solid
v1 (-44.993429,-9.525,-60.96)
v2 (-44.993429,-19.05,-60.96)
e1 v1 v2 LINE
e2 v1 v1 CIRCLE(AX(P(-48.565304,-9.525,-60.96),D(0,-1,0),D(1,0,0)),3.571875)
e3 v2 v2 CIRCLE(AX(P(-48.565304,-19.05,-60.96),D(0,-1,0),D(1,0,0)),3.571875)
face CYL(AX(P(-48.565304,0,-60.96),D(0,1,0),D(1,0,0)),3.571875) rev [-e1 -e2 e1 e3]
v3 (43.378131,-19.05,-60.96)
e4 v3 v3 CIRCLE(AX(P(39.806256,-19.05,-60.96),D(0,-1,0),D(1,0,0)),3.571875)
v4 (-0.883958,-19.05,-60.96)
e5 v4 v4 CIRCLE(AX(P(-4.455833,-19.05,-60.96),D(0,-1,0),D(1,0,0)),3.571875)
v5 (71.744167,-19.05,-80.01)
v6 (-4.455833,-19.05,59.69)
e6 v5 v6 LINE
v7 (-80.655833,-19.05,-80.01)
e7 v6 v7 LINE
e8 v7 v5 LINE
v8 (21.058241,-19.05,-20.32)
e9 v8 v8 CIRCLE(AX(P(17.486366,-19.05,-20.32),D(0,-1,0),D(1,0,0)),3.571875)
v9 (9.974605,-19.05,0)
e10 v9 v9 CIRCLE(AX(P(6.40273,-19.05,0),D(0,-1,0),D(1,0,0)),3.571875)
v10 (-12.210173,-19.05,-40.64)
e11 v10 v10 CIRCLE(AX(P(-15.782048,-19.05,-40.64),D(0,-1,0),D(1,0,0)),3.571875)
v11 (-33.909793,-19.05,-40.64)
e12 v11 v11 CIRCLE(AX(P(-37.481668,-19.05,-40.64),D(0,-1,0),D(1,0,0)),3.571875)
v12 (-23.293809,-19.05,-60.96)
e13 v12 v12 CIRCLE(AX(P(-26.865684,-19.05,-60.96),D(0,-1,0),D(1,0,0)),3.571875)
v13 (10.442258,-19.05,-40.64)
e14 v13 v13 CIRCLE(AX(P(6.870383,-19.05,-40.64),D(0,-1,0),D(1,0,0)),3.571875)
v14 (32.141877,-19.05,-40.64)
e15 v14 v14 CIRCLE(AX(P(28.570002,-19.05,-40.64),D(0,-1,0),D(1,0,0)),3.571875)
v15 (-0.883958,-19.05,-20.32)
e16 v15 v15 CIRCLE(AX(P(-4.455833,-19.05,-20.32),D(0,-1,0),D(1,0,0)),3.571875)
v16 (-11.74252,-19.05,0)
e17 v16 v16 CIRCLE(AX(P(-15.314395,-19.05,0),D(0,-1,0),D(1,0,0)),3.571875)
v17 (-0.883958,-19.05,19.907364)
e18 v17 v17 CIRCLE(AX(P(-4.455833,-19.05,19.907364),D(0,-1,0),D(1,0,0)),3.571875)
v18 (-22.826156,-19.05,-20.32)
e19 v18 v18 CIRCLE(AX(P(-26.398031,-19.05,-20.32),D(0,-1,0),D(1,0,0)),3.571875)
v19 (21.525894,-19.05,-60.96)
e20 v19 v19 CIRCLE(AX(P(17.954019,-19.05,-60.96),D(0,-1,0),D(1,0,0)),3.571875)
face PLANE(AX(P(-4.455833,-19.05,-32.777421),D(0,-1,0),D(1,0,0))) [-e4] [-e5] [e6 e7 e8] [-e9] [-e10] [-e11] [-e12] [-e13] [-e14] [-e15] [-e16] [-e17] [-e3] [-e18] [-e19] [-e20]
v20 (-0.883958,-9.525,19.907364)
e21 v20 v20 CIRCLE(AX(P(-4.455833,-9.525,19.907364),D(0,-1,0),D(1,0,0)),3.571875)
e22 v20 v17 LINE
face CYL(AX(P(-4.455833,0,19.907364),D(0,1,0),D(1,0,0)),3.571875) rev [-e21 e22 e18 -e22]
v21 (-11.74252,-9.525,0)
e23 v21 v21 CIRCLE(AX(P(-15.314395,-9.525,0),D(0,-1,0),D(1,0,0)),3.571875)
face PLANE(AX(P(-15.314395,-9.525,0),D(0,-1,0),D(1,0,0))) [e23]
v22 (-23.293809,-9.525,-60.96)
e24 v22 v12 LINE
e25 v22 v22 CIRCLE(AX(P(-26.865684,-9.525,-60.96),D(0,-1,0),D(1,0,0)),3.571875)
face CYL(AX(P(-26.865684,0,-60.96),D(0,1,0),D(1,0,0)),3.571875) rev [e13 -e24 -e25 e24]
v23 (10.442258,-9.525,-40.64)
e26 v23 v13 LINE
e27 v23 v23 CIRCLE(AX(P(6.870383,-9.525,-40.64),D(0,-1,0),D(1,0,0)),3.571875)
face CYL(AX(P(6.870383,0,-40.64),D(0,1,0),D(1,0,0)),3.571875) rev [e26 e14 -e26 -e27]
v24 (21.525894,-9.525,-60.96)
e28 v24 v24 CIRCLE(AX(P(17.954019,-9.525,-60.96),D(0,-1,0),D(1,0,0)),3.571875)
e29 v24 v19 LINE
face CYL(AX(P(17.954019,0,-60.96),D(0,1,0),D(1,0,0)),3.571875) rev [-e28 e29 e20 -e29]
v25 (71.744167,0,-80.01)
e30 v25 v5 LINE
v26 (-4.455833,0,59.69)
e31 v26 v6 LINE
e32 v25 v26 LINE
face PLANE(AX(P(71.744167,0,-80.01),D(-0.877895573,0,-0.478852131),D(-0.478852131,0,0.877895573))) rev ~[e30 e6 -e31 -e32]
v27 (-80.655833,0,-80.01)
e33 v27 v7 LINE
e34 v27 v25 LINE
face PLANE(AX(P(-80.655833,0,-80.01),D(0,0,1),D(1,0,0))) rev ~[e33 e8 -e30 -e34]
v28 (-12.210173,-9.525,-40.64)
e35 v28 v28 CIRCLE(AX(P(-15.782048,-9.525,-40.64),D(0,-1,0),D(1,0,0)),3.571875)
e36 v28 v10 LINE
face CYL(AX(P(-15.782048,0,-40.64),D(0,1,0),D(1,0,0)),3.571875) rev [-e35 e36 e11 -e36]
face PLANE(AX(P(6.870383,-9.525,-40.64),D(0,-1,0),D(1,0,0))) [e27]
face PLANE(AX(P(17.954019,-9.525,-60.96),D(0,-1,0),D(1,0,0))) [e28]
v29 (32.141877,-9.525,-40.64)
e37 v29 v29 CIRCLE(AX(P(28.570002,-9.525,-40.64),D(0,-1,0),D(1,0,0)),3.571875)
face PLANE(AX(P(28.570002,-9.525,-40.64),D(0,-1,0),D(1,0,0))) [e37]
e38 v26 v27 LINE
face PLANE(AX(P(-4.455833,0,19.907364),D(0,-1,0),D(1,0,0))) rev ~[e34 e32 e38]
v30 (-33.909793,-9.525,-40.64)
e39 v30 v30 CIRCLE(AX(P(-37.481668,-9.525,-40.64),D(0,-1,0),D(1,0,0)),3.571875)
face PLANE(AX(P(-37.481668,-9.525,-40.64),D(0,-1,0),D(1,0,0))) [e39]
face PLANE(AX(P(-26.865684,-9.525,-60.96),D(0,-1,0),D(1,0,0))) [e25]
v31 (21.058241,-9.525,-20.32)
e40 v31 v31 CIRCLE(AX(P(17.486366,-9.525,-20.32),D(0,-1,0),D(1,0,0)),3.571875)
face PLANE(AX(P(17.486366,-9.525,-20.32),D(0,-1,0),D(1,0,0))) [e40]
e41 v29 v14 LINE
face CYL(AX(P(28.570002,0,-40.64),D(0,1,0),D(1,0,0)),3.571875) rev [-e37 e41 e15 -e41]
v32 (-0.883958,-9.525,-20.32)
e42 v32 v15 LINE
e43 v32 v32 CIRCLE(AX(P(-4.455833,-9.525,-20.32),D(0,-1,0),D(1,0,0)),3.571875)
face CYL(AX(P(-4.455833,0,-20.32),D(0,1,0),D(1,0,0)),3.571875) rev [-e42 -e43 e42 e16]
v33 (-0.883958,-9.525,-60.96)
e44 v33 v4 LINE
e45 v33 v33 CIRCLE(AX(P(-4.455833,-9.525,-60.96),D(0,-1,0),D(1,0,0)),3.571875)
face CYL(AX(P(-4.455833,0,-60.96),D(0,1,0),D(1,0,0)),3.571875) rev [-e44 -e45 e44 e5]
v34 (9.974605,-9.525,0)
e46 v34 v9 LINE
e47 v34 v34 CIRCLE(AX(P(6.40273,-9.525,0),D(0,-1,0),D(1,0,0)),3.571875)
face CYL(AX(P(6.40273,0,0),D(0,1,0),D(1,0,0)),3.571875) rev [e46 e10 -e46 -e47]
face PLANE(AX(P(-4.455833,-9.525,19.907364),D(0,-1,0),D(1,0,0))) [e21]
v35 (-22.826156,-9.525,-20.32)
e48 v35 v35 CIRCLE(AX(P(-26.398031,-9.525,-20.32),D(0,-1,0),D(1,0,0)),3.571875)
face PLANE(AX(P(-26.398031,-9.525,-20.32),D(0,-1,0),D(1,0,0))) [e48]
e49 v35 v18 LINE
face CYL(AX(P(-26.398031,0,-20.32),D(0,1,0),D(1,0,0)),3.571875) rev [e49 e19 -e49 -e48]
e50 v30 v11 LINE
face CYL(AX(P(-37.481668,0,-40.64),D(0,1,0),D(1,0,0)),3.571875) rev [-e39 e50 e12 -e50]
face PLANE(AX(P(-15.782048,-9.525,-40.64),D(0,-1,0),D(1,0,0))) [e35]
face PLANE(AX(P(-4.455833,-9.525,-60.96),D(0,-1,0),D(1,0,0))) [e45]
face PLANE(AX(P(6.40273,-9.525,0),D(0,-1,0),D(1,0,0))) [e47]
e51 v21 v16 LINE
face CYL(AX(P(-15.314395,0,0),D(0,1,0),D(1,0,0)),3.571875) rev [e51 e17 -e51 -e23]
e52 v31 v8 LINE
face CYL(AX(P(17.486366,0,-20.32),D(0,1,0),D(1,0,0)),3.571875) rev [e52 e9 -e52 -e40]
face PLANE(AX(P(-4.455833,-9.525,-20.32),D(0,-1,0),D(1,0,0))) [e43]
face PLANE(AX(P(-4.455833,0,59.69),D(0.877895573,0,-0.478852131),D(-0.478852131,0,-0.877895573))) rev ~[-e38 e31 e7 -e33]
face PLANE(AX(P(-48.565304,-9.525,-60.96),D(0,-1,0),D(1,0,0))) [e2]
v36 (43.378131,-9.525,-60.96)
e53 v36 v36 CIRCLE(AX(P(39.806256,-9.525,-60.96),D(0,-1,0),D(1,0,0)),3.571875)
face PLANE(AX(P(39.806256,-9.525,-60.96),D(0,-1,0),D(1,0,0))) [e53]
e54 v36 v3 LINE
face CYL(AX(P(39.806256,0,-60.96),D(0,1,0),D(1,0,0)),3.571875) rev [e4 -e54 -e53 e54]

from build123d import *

# Parameters (mm, degrees)
F0_R     = 3.571875
F1_DEPTH = 19.05
F2_DEPTH = 9.525


with BuildPart() as f1:
    # F0 (on Front) → F1 (new body)
    with BuildSketch(Plane.XZ):
        Polygon((71.744167, -80.01), (-4.455833, 59.69), (-80.655833, -80.01), align=None)
        with Locations((-48.565304, -60.96)):
            Circle(F0_R, mode=Mode.SUBTRACT)
        with Locations((-26.865684, -60.96)):
            Circle(F0_R, mode=Mode.SUBTRACT)
        with Locations((-37.481668, -40.64)):
            Circle(F0_R, mode=Mode.SUBTRACT)
        with Locations((-15.782048, -40.64)):
            Circle(F0_R, mode=Mode.SUBTRACT)
        with Locations((-26.398031, -20.32)):
            Circle(F0_R, mode=Mode.SUBTRACT)
        with Locations((-4.455833, -20.32)):
            Circle(F0_R, mode=Mode.SUBTRACT)
        with Locations((-4.455833, -60.96)):
            Circle(F0_R, mode=Mode.SUBTRACT)
        with Locations((17.954019, -60.96)):
            Circle(F0_R, mode=Mode.SUBTRACT)
        with Locations((39.806256, -60.96)):
            Circle(F0_R, mode=Mode.SUBTRACT)
        with Locations((6.870383, -40.64)):
            Circle(F0_R, mode=Mode.SUBTRACT)
        with Locations((28.570002, -40.64)):
            Circle(F0_R, mode=Mode.SUBTRACT)
        with Locations((17.486366, -20.32)):
            Circle(F0_R, mode=Mode.SUBTRACT)
        with Locations((-15.314395, 0)):
            Circle(F0_R, mode=Mode.SUBTRACT)
        with Locations((-4.455833, 19.907364)):
            Circle(F0_R, mode=Mode.SUBTRACT)
        with Locations((6.40273, 0)):
            Circle(F0_R, mode=Mode.SUBTRACT)
    extrude(amount=F1_DEPTH)

    # F0 (on Front) → F2 (join)
    with BuildSketch(Plane.XZ):
        with Locations((-4.455833, 19.907364)):
            Circle(F0_R)
        with Locations((-15.314395, 0)):
            Circle(F0_R)
        with Locations((6.40273, 0)):
            Circle(F0_R)
        with Locations((17.486366, -20.32)):
            Circle(F0_R)
        with Locations((-4.455833, -20.32)):
            Circle(F0_R)
        with Locations((-26.398031, -20.32)):
            Circle(F0_R)
        with Locations((-37.481668, -40.64)):
            Circle(F0_R)
        with Locations((-15.782048, -40.64)):
            Circle(F0_R)
        with Locations((6.870383, -40.64)):
            Circle(F0_R)
        with Locations((28.570002, -40.64)):
            Circle(F0_R)
        with Locations((39.806256, -60.96)):
            Circle(F0_R)
        with Locations((17.954019, -60.96)):
            Circle(F0_R)
        with Locations((-4.455833, -60.96)):
            Circle(F0_R)
        with Locations((-26.865684, -60.96)):
            Circle(F0_R)
        with Locations((-48.565304, -60.96)):
            Circle(F0_R)
    extrude(amount=F2_DEPTH)


solid = f1.part
